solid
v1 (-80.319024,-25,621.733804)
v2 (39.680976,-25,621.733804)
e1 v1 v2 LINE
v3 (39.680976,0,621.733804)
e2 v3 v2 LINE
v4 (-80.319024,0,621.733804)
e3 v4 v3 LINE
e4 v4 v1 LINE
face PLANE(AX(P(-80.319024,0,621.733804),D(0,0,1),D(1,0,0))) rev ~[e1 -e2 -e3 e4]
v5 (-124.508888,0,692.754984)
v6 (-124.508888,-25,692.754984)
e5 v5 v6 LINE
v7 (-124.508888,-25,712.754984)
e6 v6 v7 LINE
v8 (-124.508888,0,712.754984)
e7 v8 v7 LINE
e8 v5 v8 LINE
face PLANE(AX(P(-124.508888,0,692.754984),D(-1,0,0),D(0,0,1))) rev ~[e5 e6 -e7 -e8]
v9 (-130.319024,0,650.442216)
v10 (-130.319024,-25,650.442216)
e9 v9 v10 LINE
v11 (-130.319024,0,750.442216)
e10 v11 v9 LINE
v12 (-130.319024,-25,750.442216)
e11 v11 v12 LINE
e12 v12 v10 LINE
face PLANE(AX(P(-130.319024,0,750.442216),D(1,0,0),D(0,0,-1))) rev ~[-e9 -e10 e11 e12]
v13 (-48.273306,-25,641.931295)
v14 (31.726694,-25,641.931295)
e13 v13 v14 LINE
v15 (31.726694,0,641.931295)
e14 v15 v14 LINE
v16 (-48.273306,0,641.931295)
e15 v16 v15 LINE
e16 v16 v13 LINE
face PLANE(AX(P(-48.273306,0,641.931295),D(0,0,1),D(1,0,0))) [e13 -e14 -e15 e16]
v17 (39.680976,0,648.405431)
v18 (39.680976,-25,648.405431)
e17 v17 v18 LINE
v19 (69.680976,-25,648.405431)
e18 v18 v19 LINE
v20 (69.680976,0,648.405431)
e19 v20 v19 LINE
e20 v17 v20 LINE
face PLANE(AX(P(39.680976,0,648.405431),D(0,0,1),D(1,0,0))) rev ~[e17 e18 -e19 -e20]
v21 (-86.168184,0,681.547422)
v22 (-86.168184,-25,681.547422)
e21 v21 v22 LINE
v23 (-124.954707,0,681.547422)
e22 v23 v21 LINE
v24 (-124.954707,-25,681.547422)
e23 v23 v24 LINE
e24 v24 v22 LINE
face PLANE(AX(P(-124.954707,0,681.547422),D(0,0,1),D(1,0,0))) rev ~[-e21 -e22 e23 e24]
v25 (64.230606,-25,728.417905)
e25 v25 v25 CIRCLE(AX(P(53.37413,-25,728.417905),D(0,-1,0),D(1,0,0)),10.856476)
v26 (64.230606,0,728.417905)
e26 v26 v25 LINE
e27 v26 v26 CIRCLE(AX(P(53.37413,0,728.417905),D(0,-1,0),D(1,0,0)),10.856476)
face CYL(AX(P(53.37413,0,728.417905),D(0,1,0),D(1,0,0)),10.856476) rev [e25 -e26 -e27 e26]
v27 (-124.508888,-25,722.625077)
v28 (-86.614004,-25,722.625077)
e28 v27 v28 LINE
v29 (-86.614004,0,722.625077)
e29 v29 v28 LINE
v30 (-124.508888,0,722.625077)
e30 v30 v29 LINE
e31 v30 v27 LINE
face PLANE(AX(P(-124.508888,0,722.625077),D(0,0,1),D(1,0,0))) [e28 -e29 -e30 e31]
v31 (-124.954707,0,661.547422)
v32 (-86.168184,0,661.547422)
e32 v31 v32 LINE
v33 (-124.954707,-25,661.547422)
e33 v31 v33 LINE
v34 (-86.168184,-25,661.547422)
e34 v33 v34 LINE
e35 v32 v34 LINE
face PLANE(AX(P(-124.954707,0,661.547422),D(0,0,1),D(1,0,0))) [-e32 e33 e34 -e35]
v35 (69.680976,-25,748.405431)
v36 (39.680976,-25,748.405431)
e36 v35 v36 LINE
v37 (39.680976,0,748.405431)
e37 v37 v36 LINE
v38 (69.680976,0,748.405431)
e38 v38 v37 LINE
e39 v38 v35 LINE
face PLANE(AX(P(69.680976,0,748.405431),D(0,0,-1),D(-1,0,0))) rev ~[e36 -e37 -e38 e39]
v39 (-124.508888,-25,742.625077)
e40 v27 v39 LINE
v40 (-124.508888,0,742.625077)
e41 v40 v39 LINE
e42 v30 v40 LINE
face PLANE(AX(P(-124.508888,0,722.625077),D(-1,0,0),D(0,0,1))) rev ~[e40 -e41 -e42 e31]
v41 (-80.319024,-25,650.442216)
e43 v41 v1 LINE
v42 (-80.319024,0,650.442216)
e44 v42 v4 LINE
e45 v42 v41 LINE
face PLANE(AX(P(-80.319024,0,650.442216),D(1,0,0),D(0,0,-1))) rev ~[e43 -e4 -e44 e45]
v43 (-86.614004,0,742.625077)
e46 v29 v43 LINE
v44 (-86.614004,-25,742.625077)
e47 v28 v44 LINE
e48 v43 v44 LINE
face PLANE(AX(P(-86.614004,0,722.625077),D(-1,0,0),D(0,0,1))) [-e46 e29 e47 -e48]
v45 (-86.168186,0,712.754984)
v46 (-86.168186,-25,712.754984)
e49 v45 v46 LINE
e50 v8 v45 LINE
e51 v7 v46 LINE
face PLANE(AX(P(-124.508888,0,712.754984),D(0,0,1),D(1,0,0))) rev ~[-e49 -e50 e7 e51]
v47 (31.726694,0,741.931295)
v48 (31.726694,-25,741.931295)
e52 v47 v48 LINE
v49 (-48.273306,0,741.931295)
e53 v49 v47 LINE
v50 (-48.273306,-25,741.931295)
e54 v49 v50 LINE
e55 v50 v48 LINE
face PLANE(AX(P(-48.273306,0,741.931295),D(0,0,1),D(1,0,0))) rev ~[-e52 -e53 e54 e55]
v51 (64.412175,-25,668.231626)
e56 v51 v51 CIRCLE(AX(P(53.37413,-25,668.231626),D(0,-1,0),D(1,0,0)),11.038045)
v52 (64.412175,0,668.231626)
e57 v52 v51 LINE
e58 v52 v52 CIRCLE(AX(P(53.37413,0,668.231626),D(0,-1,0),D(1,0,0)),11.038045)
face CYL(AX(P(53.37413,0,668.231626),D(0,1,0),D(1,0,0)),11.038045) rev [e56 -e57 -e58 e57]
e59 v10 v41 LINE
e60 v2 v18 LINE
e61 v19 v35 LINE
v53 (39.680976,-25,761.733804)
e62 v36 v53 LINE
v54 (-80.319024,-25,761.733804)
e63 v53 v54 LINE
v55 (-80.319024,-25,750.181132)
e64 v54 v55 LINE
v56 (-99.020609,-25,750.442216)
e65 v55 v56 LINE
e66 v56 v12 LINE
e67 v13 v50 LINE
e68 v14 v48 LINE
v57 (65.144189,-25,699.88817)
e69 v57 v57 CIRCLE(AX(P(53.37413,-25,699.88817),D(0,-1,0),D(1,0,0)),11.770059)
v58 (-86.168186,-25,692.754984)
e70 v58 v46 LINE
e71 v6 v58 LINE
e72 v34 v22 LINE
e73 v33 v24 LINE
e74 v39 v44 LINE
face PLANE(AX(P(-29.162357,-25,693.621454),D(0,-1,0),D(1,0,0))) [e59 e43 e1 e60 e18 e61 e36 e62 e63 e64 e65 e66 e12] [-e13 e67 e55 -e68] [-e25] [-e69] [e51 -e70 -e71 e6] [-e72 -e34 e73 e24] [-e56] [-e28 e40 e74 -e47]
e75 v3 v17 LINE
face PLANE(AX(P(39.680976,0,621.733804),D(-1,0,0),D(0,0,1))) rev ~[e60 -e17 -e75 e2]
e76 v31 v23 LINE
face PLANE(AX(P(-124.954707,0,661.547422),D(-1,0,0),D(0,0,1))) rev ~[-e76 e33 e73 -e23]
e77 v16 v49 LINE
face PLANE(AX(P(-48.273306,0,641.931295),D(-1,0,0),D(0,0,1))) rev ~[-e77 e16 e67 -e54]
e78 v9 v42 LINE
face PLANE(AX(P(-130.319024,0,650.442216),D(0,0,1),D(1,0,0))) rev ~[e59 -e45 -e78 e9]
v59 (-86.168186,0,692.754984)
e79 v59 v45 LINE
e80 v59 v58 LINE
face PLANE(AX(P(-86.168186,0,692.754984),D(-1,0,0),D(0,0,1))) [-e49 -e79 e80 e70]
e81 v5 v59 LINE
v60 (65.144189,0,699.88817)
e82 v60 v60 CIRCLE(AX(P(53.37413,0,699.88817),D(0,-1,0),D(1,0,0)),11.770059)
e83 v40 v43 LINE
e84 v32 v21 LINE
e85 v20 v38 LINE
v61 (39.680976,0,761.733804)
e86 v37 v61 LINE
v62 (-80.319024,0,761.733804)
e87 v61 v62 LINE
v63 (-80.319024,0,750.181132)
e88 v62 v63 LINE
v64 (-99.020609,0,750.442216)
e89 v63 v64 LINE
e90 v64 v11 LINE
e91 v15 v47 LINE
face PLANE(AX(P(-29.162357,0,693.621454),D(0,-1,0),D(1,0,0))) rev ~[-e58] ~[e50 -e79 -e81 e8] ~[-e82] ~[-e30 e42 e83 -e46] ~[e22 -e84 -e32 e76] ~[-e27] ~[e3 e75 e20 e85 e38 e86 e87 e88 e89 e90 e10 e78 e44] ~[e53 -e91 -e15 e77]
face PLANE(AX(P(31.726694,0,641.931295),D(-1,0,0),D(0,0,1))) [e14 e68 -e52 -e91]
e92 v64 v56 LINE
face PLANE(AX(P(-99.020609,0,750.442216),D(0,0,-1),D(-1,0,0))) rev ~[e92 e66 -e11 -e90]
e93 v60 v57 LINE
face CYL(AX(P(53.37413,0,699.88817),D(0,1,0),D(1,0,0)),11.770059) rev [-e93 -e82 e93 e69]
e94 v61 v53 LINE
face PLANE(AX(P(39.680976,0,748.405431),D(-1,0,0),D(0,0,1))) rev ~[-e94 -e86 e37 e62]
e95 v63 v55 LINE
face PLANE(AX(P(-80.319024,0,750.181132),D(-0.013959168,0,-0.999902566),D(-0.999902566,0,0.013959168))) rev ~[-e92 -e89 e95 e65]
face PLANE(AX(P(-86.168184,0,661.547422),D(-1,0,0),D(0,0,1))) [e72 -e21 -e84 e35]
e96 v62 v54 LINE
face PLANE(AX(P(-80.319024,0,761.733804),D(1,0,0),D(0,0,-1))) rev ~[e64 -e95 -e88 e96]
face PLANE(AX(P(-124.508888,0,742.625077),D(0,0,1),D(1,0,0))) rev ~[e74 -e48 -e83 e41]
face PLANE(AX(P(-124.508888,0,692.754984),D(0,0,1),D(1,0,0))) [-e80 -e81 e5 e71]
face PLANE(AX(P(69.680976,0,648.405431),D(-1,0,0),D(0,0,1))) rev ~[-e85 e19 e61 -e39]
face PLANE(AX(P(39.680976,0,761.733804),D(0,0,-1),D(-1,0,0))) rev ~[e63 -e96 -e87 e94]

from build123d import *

# Parameters (mm, degrees)
F0_W     = 38.786523
F0_H     = 20
F0_R     = 11.038045
F0_W_2   = 38.340703
F0_W_3   = 37.894883
F0_W_4   = 80
F0_H_2   = 100
F0_R_2   = 11.770059
F0_R_3   = 10.856476
F1_DEPTH = 25


with BuildPart() as f1:
    # F0 (on Front) → F1 (new body)
    with BuildSketch(Plane.XZ):
        Polygon((-80.319024, 650.442216), (-80.319024, 621.733804), (39.680976, 621.733804), (39.680976, 648.405431), (69.680976, 648.405431), (69.680976, 748.405431), (39.680976, 748.405431), (39.680976, 761.733804), (-80.319024, 761.733804), (-80.319024, 750.181132), (-99.020609, 750.442216), (-130.319024, 750.442216), (-130.319024, 650.442216), align=None)
        with Locations((-105.561446, 671.547422)):
            Rectangle(F0_W, F0_H, mode=Mode.SUBTRACT)
        with Locations((53.37413, 668.231626)):
            Circle(F0_R, mode=Mode.SUBTRACT)
        with Locations((-105.338537, 702.754984)):
            Rectangle(F0_W_2, F0_H, mode=Mode.SUBTRACT)
        with Locations((-105.561446, 732.625077)):
            Rectangle(F0_W_3, F0_H, mode=Mode.SUBTRACT)
        with Locations((-8.273306, 691.931295)):
            Rectangle(F0_W_4, F0_H_2, mode=Mode.SUBTRACT)
        with Locations((53.37413, 699.88817)):
            Circle(F0_R_2, mode=Mode.SUBTRACT)
        with Locations((53.37413, 728.417905)):
            Circle(F0_R_3, mode=Mode.SUBTRACT)
    extrude(amount=F1_DEPTH)


solid = f1.part
